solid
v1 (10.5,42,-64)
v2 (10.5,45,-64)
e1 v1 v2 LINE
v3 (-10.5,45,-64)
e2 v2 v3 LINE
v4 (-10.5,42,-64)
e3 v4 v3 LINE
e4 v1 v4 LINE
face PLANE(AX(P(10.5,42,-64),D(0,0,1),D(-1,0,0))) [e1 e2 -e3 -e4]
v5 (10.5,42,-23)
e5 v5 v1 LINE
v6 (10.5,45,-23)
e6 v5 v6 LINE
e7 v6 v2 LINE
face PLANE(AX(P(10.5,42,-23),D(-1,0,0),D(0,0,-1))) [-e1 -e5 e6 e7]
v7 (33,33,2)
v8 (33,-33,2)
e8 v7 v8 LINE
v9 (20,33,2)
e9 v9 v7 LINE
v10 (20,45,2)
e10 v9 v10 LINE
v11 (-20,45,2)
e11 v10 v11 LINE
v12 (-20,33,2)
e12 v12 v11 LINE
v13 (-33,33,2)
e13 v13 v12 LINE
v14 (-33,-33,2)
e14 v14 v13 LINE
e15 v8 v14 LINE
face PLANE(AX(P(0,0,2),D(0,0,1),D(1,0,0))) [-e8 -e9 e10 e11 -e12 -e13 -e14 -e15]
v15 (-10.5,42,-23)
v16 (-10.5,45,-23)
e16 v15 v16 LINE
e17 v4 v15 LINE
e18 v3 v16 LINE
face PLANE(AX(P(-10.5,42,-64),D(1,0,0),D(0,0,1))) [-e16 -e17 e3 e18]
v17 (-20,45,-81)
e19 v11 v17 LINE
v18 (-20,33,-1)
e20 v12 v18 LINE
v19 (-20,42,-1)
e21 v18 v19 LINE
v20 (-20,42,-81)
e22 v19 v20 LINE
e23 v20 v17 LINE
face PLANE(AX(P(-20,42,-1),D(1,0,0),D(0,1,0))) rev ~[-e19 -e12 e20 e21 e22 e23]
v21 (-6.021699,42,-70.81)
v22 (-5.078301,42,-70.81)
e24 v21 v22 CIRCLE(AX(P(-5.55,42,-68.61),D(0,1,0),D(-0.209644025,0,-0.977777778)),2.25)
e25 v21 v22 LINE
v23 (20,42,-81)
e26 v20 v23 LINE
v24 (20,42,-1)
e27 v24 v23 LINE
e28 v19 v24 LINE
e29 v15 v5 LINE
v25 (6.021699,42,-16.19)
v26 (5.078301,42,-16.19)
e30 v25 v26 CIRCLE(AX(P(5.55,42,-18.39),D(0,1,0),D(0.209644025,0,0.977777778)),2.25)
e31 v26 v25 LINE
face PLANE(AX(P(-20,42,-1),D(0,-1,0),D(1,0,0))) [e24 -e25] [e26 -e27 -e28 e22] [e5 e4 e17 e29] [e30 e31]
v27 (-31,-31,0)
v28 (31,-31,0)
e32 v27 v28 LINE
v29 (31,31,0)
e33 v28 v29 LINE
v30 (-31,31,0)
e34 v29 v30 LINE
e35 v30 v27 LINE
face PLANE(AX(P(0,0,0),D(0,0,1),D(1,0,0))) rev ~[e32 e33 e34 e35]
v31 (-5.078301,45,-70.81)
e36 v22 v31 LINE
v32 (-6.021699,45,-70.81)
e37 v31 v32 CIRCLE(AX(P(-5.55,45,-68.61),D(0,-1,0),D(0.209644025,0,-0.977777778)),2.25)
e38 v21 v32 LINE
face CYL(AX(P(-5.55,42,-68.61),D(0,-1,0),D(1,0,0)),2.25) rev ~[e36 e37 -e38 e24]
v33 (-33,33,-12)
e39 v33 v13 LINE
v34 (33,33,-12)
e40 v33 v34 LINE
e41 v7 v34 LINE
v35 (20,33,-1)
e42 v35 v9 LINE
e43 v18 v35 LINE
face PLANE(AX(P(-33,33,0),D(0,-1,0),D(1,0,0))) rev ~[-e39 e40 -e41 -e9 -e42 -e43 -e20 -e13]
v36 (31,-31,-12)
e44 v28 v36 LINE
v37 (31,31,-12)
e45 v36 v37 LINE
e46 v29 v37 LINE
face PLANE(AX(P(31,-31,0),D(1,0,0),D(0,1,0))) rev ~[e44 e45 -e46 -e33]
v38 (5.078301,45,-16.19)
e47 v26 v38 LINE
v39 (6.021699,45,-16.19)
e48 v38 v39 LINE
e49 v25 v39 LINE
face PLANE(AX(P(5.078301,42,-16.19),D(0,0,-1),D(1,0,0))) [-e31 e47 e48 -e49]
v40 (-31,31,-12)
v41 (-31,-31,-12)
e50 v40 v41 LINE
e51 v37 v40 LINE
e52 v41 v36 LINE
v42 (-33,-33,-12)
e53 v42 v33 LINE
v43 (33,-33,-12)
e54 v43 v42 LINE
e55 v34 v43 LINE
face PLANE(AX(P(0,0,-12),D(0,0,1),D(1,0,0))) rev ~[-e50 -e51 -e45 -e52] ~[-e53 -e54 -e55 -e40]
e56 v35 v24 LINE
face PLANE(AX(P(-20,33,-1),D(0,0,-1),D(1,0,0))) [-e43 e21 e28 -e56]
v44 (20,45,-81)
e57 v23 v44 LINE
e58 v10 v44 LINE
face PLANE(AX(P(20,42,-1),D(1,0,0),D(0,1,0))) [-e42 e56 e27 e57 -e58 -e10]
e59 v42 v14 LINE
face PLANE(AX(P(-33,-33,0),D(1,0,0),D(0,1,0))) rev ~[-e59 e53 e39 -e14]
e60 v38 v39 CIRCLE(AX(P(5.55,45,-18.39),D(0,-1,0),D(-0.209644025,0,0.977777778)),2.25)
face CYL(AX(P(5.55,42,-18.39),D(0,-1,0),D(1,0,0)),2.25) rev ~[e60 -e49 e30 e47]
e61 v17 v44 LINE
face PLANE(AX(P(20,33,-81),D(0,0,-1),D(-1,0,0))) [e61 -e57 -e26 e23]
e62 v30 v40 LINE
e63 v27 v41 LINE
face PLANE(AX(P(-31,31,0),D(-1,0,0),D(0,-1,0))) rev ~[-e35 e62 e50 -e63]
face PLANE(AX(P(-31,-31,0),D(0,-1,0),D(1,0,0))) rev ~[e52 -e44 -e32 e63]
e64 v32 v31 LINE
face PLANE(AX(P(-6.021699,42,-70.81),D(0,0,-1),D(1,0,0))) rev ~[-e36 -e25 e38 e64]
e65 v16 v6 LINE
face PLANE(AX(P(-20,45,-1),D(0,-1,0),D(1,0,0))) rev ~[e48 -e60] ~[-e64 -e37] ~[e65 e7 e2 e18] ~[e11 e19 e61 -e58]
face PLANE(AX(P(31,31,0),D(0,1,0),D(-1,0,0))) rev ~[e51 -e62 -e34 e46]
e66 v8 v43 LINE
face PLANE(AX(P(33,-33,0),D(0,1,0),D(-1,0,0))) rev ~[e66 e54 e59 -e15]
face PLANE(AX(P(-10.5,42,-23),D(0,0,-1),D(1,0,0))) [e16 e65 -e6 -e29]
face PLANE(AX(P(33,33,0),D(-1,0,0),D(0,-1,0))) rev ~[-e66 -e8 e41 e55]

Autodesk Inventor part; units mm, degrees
ref_plane "YZ Plane" through (0, 0, 0) normal (1, 0, 0) x (0, 1, 0)
ref_plane "XZ Plane" through (0, 0, 0) normal (0, 1, 0) x (-1, 0, 0)
ref_plane "XY Plane" through (0, 0, 0) normal (0, 0, 1) x (1, 0, 0)
sketch "Sketch1" plane through (0, 0, 0) normal (0, 0, 1) x (1, 0, 0)
  line L0 (-31, -31) -> (31, -31)
  line L1 (31, -31) -> (31, 31)
  line L2 (31, 31) -> (-31, 31)
  line L3 (-31, 31) -> (-31, -31)
  line L4 (-31, -31) -> (31, 31) construction
  line L5 (31, -31) -> (-31, 31) construction
  line L6 (-33, 33) -> (33, 33)
  line L7 (33, 33) -> (33, -33)
  line L8 (33, -33) -> (-33, -33)
  line L9 (-33, -33) -> (-33, 33)
  point P0 (0, 0)
  dimension "d0" = 62
  dimension "d1" = 62
  dimension "d2" = 2
extrude "Extrusion1" add sketch "Sketch1" along normal blind 2 contours L3 L2 L1 L0 | L6 L7 L8 L9
extrude "Extrusion2" add sketch "Sketch1" against normal blind 12
sketch "Sketch2" plane through (-33, 33, 2) normal (0, 1, 0) x (1, 0, 0)
  line L0 (13, 3) -> (53, 3)
  line L1 (53, 3) -> (53, 0)
  line L2 (53, 0) -> (13, 0)
  line L3 (13, 0) -> (13, 3)
  line L4 (0, 14) -> (0, 0) projected
  line L5 (0, 14) -> (66, 14) projected
  point P0 (33, 2)
  dimension "d7" = 40
  dimension "d8" = 3
  dimension "d9" = 13
  dimension "d10" = 11
extrude "Extrusion3" add sketch "Sketch2" along normal blind 12
sketch "Sketch3" plane through (20, 33, -1) normal (0, 0, -1) x (-1, 0, 0)
  line L0 (40, 12) -> (0, 12) projected
  line L1 (40, 0) -> (40, 12) projected
  line L2 (0, 12) -> (40, 12)
  line L3 (40, 12) -> (40, 9)
  line L4 (40, 9) -> (0, 9)
  line L5 (0, 9) -> (0, 12)
  point P0 (20, -33)
  dimension "d13" = 3
extrude "Extrusion4" add sketch "Sketch3" along normal blind 80
sketch "Sketch4" plane through (-20, 42, -1) normal (0, -1, 0) x (1, 0, 0)
  line L0 (30.5, -63) -> (9.5, -63)
  line L1 (9.5, -63) -> (9.5, -22)
  line L2 (9.5, -22) -> (30.5, -22)
  line L3 (30.5, -22) -> (30.5, -63)
  line L4 (40, 3) -> (40, -80) projected
  line L5 (0, 3) -> (40, 3) projected
  point P0 (20, 1)
  dimension "d16" = 21
  dimension "d17" = 41
  dimension "d18" = 9.5
  dimension "d19" = 25
extrude "Extrusion5" cut sketch "Sketch4" against normal blind 80
sketch "Sketch5" plane through (-20, 42, -1) normal (0, -1, 0) x (1, 0, 0)
  line L0 (30.5, -63) -> (9.5, -63) projected
  line L1 (30.5, -63) -> (9.5, -63)
  line L2 (9.5, -63) -> (9.5, -69.81)
  line L3 (9.5, -69.81) -> (30.5, -69.81)
  line L4 (30.5, -69.81) -> (30.5, -63)
  circle A0 centre (14.45, -67.61) radius 2.25
  line L5 (30.5, -22) -> (30.5, -63) projected
  line L6 (30.5, -22) -> (9.5, -22)
  line L7 (9.5, -22) -> (9.5, -15.19)
  line L8 (9.5, -15.19) -> (30.5, -15.19)
  line L9 (30.5, -15.19) -> (30.5, -22)
  circle A1 centre (25.55, -17.39) radius 2.25
  point P0 (20, 1)
  point P1 (14.9217, -69.81)
  point P2 (13.9783, -69.81)
  point P3 (25.0783, -15.19)
  point P4 (26.0217, -15.19)
  dimension "d22" = 6.81
  dimension "d23" = 4.5
  dimension "d24" = 4.61
  dimension "d25" = 4.95
  dimension "d26" = 6.81
  dimension "d27" = 4.5
  dimension "d28" = 4.95
  dimension "d29" = 4.61
extrude "Extrusion6" cut sketch "Sketch5" against normal blind 80 contours L3 A0 | A1 L8 picked at (13.7855, -67.0048) picked at (26.1347, -16.9649)
properties part number "pan_base_holder"
